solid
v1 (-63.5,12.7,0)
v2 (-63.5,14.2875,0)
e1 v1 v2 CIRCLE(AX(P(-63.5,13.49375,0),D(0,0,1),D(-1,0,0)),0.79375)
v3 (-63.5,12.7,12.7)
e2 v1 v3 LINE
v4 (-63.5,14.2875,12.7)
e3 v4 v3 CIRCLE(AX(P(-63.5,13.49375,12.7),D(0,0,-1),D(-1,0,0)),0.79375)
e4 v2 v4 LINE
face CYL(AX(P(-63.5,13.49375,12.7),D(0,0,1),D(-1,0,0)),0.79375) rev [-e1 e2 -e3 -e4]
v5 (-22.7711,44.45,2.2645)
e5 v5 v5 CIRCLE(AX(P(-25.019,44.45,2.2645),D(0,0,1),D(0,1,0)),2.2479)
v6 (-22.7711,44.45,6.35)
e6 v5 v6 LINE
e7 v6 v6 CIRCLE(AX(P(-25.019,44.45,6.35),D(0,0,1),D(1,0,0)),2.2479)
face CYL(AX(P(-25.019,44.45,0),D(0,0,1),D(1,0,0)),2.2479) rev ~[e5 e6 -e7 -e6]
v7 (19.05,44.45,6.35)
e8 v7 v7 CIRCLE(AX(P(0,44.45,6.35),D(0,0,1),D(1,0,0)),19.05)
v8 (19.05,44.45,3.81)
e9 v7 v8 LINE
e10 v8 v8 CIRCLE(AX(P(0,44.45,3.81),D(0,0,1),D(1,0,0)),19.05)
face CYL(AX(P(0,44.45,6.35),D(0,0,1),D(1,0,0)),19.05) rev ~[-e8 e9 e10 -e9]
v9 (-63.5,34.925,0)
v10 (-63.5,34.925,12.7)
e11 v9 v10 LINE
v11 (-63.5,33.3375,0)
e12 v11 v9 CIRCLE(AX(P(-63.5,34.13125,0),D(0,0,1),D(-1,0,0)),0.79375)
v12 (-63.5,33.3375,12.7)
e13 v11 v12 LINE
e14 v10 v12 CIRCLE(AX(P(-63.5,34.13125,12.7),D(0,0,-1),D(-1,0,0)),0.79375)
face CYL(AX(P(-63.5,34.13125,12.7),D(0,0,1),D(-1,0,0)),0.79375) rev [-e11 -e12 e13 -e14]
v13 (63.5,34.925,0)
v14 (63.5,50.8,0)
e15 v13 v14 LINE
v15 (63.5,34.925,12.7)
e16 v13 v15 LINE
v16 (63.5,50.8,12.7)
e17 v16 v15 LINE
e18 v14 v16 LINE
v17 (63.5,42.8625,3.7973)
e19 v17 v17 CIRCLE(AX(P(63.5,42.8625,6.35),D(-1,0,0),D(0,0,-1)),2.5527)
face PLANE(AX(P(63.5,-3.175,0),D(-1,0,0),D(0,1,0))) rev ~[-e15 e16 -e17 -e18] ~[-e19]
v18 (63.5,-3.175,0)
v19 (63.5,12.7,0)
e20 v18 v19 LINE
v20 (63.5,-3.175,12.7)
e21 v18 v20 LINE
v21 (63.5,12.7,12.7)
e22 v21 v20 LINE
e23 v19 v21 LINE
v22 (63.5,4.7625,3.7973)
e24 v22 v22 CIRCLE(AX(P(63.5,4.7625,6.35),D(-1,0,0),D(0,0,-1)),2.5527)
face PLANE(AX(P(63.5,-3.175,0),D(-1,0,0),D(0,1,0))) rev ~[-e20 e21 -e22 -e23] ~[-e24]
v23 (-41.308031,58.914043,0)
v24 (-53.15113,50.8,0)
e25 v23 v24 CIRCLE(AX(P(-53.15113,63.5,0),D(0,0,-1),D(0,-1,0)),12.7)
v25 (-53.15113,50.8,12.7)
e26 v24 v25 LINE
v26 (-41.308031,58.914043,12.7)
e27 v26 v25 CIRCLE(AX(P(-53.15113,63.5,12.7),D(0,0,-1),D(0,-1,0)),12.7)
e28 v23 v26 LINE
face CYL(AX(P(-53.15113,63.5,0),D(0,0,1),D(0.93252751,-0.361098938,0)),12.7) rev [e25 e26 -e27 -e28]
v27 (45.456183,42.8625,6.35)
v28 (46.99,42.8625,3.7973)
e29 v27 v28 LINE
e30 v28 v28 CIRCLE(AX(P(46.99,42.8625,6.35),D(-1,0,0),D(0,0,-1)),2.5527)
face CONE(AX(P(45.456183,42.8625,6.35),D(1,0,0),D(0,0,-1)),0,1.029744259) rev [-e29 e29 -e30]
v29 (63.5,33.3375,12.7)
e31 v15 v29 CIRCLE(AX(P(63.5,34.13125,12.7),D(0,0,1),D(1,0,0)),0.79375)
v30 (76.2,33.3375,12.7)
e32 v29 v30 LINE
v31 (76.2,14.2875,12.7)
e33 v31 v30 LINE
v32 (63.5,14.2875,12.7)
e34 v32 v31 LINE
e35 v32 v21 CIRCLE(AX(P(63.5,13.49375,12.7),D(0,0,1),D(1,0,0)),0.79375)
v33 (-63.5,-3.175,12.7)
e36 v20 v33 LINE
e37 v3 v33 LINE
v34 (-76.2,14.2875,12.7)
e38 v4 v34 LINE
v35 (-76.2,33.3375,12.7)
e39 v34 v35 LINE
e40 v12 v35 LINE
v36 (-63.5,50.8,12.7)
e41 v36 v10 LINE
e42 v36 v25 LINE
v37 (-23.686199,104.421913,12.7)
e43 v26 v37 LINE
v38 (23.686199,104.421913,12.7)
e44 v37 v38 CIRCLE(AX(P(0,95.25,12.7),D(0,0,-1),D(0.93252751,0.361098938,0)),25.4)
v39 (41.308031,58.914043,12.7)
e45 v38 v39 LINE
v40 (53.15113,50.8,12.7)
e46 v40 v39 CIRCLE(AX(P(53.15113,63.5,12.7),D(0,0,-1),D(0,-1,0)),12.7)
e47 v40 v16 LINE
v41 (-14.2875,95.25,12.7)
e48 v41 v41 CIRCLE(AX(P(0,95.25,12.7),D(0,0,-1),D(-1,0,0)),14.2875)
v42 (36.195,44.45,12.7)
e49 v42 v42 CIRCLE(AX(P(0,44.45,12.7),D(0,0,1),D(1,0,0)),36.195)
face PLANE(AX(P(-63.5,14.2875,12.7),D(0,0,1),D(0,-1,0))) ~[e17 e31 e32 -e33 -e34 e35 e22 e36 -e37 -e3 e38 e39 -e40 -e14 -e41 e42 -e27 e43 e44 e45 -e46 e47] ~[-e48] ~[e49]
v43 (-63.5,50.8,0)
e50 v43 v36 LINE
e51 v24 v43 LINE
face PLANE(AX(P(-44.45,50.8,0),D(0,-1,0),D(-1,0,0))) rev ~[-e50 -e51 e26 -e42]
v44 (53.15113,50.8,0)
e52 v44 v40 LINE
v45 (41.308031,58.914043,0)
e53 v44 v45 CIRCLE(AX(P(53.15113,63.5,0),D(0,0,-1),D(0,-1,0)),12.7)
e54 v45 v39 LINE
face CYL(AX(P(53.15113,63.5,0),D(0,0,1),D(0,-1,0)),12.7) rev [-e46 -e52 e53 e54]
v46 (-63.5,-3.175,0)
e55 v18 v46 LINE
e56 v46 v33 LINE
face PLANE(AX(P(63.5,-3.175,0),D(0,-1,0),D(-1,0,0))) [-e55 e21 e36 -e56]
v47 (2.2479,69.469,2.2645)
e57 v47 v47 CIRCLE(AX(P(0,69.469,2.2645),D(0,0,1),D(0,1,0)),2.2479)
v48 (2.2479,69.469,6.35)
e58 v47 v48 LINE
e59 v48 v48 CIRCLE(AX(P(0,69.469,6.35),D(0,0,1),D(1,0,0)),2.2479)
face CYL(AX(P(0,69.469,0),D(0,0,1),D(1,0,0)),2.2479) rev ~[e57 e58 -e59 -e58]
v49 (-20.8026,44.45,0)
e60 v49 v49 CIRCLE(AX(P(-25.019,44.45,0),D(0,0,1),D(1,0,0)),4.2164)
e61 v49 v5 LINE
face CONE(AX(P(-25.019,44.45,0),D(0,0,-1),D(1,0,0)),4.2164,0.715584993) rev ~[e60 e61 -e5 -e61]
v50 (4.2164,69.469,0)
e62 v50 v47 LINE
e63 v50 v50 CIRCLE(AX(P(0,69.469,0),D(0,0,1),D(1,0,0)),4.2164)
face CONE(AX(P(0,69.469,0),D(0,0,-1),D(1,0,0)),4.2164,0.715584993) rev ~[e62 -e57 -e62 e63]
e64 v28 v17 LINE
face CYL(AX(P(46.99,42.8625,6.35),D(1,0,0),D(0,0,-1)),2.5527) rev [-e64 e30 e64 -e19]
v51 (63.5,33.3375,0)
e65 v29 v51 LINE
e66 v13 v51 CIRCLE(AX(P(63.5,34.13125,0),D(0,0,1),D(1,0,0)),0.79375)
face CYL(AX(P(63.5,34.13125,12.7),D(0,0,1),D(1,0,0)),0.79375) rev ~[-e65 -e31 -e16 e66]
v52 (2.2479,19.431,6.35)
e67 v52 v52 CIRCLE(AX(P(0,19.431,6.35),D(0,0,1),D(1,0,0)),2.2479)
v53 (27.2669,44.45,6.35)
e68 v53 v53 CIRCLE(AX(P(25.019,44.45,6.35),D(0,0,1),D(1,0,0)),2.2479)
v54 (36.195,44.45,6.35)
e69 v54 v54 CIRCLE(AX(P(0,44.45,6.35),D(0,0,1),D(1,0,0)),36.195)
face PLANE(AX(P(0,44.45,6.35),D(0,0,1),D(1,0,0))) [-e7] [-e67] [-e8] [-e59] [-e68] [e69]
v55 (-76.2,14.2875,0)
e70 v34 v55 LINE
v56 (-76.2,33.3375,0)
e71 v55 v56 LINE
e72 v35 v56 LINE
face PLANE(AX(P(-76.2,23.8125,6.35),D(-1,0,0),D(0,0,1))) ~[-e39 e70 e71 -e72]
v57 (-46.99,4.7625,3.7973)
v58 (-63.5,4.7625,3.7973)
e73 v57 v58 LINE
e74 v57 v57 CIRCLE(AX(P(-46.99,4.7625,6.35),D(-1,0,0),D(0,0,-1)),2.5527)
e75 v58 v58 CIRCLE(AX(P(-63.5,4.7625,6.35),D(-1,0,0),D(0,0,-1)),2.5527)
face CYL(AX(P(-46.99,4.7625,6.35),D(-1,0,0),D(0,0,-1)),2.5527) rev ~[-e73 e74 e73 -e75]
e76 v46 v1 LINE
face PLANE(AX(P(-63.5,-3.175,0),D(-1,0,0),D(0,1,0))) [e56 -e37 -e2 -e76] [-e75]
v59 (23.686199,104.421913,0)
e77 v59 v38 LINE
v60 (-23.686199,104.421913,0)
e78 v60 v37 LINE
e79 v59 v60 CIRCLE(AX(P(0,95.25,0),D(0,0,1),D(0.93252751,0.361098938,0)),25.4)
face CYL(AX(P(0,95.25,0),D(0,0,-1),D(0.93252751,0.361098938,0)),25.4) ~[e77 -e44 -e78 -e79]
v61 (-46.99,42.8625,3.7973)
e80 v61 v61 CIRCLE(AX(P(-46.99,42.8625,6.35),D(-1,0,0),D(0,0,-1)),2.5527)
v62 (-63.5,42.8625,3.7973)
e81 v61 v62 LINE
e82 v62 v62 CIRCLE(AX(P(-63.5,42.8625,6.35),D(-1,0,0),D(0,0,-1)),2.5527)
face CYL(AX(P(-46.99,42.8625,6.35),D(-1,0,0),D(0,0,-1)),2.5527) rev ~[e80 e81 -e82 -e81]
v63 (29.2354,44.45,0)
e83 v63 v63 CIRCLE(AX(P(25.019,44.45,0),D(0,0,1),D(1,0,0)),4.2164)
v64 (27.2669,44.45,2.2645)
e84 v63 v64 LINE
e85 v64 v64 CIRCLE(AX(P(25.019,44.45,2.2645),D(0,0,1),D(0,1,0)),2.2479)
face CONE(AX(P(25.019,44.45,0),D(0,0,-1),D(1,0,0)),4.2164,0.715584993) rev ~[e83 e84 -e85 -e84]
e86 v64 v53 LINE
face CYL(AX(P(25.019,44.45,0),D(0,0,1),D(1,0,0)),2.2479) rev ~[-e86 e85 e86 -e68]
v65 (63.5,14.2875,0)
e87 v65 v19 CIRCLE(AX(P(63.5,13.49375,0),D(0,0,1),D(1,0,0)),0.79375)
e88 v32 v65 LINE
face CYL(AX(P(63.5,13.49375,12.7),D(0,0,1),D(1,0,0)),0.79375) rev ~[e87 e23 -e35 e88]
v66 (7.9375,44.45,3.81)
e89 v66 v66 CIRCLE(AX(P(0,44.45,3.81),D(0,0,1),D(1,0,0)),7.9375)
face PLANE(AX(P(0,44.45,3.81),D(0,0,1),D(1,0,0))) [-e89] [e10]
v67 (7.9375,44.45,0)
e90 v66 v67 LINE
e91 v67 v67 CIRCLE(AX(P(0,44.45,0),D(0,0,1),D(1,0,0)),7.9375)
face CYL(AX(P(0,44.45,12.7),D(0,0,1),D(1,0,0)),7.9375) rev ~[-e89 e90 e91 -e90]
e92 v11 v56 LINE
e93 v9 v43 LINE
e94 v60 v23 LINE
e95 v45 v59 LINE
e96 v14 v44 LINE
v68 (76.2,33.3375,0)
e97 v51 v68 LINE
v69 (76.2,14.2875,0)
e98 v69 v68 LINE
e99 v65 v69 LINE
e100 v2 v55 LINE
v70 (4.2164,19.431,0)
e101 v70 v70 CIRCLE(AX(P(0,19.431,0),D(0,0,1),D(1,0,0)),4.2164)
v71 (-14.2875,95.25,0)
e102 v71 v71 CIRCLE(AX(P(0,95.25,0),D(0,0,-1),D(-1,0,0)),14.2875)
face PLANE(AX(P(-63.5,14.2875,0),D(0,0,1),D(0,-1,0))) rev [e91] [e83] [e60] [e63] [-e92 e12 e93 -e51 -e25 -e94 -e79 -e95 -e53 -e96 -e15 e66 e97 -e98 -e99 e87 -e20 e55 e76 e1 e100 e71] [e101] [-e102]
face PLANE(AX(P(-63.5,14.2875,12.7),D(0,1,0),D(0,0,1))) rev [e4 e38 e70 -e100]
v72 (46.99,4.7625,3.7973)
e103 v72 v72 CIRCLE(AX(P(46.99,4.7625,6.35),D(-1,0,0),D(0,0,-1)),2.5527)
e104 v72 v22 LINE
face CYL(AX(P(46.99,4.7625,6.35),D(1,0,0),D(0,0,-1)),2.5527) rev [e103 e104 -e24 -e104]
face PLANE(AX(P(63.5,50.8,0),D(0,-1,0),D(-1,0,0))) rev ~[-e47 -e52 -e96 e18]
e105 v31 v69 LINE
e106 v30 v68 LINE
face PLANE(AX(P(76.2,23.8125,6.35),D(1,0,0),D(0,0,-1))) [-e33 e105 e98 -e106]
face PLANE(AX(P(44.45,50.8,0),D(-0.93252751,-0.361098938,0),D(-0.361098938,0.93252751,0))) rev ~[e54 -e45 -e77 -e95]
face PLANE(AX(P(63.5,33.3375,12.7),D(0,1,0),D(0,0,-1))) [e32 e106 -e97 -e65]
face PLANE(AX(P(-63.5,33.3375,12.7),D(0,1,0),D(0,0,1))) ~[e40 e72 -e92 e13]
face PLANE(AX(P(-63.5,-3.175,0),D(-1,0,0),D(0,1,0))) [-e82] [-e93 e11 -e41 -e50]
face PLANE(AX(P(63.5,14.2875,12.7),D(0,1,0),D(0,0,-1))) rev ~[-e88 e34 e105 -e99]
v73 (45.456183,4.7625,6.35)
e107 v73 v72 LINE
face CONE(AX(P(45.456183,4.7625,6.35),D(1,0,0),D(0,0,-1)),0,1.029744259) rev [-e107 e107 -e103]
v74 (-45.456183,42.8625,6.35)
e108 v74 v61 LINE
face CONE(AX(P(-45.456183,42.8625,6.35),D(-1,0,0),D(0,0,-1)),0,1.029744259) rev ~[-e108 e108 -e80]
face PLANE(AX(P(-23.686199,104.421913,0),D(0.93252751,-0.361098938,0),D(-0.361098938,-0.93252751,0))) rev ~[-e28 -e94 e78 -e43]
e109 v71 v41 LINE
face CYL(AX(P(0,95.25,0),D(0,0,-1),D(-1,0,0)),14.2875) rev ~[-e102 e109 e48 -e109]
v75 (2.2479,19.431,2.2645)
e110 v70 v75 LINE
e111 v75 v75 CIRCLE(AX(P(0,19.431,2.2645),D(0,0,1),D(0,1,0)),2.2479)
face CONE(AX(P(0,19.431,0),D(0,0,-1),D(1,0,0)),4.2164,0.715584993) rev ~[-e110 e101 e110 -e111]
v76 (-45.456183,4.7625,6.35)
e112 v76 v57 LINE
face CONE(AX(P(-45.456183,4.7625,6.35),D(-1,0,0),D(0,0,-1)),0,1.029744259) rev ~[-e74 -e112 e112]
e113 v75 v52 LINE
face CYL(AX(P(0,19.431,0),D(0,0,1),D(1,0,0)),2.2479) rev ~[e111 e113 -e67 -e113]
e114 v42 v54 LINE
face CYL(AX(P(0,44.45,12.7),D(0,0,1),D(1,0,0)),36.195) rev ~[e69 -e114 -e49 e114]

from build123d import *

# Parameters (mm, degrees)
SKETCH1_W                                      = 127
SKETCH1_H                                      = 152.4
BOSS_EXTRUDE1_DEPTH                            = 12.7
SKETCH2_R                                      = 14.2875
CUT_EXTRUDE1_DEPTH                             = 13.7
SKETCH3_R                                      = 7.9375
SKETCH3_R_2                                    = 1.016
CUT_EXTRUDE2_DEPTH                             = 13.7
SKETCH4_R                                      = 36.195
CUT_EXTRUDE3_DEPTH                             = 6.35
SKETCH5_R                                      = 19.05
CUT_EXTRUDE4_DEPTH                             = 2.54
CSK_FOR_8_FLAT_HEAD_MACHINE_SCREW1_D           = 4.4958
CSK_FOR_8_FLAT_HEAD_MACHINE_SCREW1_CSINK_D     = 8.4328
CSK_FOR_8_FLAT_HEAD_MACHINE_SCREW1_CSINK_ANGLE = 82
FILLET1_R                                      = 12.7
SKETCH8_W                                      = 127
SKETCH8_H                                      = 3.175
BOSS_EXTRUDE2_DEPTH                            = 12.7
F_1_4_20_TAPPED_HOLE1_AT_2_COUNT               = 2
F_1_4_20_TAPPED_HOLE1_AT_2_PITCH               = 38.1
SKETCH11_W                                     = 12.7
SKETCH11_H                                     = 19.05
BOSS_EXTRUDE3_DEPTH                            = 12.7
SKETCH12_R                                     = 0.79375
CUT_EXTRUDE5_DEPTH                             = 13.7


with BuildPart() as part:
    # Sketch1 → Boss-Extrude1 (new body)
    with BuildSketch(Plane.XY):
        with Locations((0, 76.2)):
            Rectangle(SKETCH1_W, SKETCH1_H)
    extrude(amount=BOSS_EXTRUDE1_DEPTH)

    # Sketch2 → Cut-Extrude1 (cut, through all)
    with BuildSketch(Plane(origin=(0, 0, 0), x_dir=(-1, 0, 0), z_dir=(0, 0, -1))):
        with BuildLine():
            Line((44.45, 50.8), (63.5, 50.8))
            Line((63.5, 50.8), (63.5, 152.4))
            Line((63.5, 152.4), (-63.5, 152.4))
            Line((-63.5, 152.4), (-63.5, 50.8))
            Line((-63.5, 50.8), (-44.45, 50.8))
            Line((-44.45, 50.8), (-23.686198751, 104.421913036))
            ThreePointArc((-23.686198751, 104.421913036), (0, 120.65), (23.686198751, 104.421913036))
            Line((23.686198751, 104.421913036), (44.45, 50.8))
        make_face()
        with Locations((0, 95.25)):
            Circle(SKETCH2_R)
    extrude(amount=-CUT_EXTRUDE1_DEPTH, mode=Mode.SUBTRACT)

    # Sketch3 → Cut-Extrude2 (cut, through all)
    with BuildSketch(Plane.XY.offset(12.7)):
        with Locations((0, 44.45)):
            Circle(SKETCH3_R)
        with Locations((-25.019, 44.45)):
            Circle(SKETCH3_R_2)
        with Locations((25.019, 44.45)):
            Circle(SKETCH3_R_2)
        with Locations((0, 69.469)):
            Circle(SKETCH3_R_2)
        with Locations((0, 19.431)):
            Circle(SKETCH3_R_2)
    extrude(amount=-CUT_EXTRUDE2_DEPTH, mode=Mode.SUBTRACT)

    # Sketch4 → Cut-Extrude3 (cut)
    with BuildSketch(Plane.XY.offset(12.7)):
        with Locations((0, 44.45)):
            Circle(SKETCH4_R)
    extrude(amount=-CUT_EXTRUDE3_DEPTH, mode=Mode.SUBTRACT)

    # Sketch5 → Cut-Extrude4 (cut)
    with BuildSketch(Plane.XY.offset(6.35)):
        with Locations((0, 44.45)):
            Circle(SKETCH5_R)
    extrude(amount=-CUT_EXTRUDE4_DEPTH, mode=Mode.SUBTRACT)

    # CSK for _8 Flat Head Machine Screw1 (through all)
    with Locations(Plane(origin=(0, 0, 0), x_dir=(-1, 0, 0), z_dir=(0, 0, -1))):
        with Locations((0, 69.469), (25.019, 44.45), (0, 19.431), (-25.019, 44.45)):
            CounterSinkHole(CSK_FOR_8_FLAT_HEAD_MACHINE_SCREW1_D / 2, CSK_FOR_8_FLAT_HEAD_MACHINE_SCREW1_CSINK_D / 2, counter_sink_angle=CSK_FOR_8_FLAT_HEAD_MACHINE_SCREW1_CSINK_ANGLE)

    # Fillet1
    fillet1_edges = [part.edges().sort_by_distance(p)[0] for p in [
        (44.45, 50.8, 6.35),
        (-44.45, 50.8, 6.35),
    ]]
    fillet(fillet1_edges, radius=FILLET1_R)

    # Sketch8 → Boss-Extrude2 (add)
    with BuildSketch(Plane(origin=(0, 0, 0), x_dir=(-1, 0, 0), z_dir=(0, 0, -1))):
        with Locations((0, -1.5875)):
            Rectangle(SKETCH8_W, SKETCH8_H)
    extrude(amount=-BOSS_EXTRUDE2_DEPTH)

    # Sketch9 → 1_4-20 Tapped Hole1 (revolve, cut)
    with BuildSketch(Plane(origin=(63.5, 42.8625, 6.35), x_dir=(0, 0, -1), z_dir=(0, 1, 0))):
        Polygon((0, 0), (0, 18.043816902), (2.5527, 16.51), (2.5527, 0), align=None)
    f_1_4_20_tapped_hole1 = revolve(axis=Axis((69.85, 42.8625, 6.35), (-1, 0, 0)), mode=Mode.SUBTRACT)

    # 1_4-20 Tapped Hole1 at 2: 1_4-20 Tapped Hole1 ×2
    with Locations(*[(0, -i * F_1_4_20_TAPPED_HOLE1_AT_2_PITCH, 0) for i in range(1, F_1_4_20_TAPPED_HOLE1_AT_2_COUNT)]):
        add(f_1_4_20_tapped_hole1, mode=Mode.SUBTRACT)

    # Sketch11 → Boss-Extrude3 (add)
    with BuildSketch(Plane(origin=(63.5, 0, 0), x_dir=(0, 0, -1), z_dir=(1, 0, 0))):
        with Locations((-6.35, 23.8125)):
            Rectangle(SKETCH11_W, SKETCH11_H)
    boss_extrude3 = extrude(amount=BOSS_EXTRUDE3_DEPTH)

    # Sketch12 → Cut-Extrude5 (cut, through all)
    with BuildSketch(Plane.XY.offset(12.7)):
        with Locations((63.5, 34.13125)):
            Circle(SKETCH12_R)
        with Locations((63.5, 13.49375)):
            Circle(SKETCH12_R)
    cut_extrude5 = extrude(amount=-CUT_EXTRUDE5_DEPTH, mode=Mode.SUBTRACT)

    # Mirror1: Cut-Extrude5, Boss-Extrude3, 1_4-20 Tapped Hole1 across plane
    add(cut_extrude5.mirror(Plane(origin=(0, 0, 0), x_dir=(0, 0, 1), z_dir=(1, 0, 0))), mode=Mode.SUBTRACT)
    add(boss_extrude3.mirror(Plane(origin=(0, 0, 0), x_dir=(0, 0, 1), z_dir=(1, 0, 0))))
    add(f_1_4_20_tapped_hole1.mirror(Plane(origin=(0, 0, 0), x_dir=(0, 0, 1), z_dir=(1, 0, 0))), mode=Mode.SUBTRACT)

    # Mirror1 copy 1 sketch → Mirror1 copy 1 (revolve, cut)
    with BuildSketch(Plane(origin=(-63.5, 4.7625, 6.35), x_dir=(0, 0, -1), z_dir=(0, 1, 0))):
        Polygon((0, 0), (0, -18.043816902), (2.5527, -16.51), (2.5527, 0), align=None)
    revolve(axis=Axis((-69.85, 4.7625, 6.35), (-1, 0, 0)), mode=Mode.SUBTRACT)


solid = part.part
